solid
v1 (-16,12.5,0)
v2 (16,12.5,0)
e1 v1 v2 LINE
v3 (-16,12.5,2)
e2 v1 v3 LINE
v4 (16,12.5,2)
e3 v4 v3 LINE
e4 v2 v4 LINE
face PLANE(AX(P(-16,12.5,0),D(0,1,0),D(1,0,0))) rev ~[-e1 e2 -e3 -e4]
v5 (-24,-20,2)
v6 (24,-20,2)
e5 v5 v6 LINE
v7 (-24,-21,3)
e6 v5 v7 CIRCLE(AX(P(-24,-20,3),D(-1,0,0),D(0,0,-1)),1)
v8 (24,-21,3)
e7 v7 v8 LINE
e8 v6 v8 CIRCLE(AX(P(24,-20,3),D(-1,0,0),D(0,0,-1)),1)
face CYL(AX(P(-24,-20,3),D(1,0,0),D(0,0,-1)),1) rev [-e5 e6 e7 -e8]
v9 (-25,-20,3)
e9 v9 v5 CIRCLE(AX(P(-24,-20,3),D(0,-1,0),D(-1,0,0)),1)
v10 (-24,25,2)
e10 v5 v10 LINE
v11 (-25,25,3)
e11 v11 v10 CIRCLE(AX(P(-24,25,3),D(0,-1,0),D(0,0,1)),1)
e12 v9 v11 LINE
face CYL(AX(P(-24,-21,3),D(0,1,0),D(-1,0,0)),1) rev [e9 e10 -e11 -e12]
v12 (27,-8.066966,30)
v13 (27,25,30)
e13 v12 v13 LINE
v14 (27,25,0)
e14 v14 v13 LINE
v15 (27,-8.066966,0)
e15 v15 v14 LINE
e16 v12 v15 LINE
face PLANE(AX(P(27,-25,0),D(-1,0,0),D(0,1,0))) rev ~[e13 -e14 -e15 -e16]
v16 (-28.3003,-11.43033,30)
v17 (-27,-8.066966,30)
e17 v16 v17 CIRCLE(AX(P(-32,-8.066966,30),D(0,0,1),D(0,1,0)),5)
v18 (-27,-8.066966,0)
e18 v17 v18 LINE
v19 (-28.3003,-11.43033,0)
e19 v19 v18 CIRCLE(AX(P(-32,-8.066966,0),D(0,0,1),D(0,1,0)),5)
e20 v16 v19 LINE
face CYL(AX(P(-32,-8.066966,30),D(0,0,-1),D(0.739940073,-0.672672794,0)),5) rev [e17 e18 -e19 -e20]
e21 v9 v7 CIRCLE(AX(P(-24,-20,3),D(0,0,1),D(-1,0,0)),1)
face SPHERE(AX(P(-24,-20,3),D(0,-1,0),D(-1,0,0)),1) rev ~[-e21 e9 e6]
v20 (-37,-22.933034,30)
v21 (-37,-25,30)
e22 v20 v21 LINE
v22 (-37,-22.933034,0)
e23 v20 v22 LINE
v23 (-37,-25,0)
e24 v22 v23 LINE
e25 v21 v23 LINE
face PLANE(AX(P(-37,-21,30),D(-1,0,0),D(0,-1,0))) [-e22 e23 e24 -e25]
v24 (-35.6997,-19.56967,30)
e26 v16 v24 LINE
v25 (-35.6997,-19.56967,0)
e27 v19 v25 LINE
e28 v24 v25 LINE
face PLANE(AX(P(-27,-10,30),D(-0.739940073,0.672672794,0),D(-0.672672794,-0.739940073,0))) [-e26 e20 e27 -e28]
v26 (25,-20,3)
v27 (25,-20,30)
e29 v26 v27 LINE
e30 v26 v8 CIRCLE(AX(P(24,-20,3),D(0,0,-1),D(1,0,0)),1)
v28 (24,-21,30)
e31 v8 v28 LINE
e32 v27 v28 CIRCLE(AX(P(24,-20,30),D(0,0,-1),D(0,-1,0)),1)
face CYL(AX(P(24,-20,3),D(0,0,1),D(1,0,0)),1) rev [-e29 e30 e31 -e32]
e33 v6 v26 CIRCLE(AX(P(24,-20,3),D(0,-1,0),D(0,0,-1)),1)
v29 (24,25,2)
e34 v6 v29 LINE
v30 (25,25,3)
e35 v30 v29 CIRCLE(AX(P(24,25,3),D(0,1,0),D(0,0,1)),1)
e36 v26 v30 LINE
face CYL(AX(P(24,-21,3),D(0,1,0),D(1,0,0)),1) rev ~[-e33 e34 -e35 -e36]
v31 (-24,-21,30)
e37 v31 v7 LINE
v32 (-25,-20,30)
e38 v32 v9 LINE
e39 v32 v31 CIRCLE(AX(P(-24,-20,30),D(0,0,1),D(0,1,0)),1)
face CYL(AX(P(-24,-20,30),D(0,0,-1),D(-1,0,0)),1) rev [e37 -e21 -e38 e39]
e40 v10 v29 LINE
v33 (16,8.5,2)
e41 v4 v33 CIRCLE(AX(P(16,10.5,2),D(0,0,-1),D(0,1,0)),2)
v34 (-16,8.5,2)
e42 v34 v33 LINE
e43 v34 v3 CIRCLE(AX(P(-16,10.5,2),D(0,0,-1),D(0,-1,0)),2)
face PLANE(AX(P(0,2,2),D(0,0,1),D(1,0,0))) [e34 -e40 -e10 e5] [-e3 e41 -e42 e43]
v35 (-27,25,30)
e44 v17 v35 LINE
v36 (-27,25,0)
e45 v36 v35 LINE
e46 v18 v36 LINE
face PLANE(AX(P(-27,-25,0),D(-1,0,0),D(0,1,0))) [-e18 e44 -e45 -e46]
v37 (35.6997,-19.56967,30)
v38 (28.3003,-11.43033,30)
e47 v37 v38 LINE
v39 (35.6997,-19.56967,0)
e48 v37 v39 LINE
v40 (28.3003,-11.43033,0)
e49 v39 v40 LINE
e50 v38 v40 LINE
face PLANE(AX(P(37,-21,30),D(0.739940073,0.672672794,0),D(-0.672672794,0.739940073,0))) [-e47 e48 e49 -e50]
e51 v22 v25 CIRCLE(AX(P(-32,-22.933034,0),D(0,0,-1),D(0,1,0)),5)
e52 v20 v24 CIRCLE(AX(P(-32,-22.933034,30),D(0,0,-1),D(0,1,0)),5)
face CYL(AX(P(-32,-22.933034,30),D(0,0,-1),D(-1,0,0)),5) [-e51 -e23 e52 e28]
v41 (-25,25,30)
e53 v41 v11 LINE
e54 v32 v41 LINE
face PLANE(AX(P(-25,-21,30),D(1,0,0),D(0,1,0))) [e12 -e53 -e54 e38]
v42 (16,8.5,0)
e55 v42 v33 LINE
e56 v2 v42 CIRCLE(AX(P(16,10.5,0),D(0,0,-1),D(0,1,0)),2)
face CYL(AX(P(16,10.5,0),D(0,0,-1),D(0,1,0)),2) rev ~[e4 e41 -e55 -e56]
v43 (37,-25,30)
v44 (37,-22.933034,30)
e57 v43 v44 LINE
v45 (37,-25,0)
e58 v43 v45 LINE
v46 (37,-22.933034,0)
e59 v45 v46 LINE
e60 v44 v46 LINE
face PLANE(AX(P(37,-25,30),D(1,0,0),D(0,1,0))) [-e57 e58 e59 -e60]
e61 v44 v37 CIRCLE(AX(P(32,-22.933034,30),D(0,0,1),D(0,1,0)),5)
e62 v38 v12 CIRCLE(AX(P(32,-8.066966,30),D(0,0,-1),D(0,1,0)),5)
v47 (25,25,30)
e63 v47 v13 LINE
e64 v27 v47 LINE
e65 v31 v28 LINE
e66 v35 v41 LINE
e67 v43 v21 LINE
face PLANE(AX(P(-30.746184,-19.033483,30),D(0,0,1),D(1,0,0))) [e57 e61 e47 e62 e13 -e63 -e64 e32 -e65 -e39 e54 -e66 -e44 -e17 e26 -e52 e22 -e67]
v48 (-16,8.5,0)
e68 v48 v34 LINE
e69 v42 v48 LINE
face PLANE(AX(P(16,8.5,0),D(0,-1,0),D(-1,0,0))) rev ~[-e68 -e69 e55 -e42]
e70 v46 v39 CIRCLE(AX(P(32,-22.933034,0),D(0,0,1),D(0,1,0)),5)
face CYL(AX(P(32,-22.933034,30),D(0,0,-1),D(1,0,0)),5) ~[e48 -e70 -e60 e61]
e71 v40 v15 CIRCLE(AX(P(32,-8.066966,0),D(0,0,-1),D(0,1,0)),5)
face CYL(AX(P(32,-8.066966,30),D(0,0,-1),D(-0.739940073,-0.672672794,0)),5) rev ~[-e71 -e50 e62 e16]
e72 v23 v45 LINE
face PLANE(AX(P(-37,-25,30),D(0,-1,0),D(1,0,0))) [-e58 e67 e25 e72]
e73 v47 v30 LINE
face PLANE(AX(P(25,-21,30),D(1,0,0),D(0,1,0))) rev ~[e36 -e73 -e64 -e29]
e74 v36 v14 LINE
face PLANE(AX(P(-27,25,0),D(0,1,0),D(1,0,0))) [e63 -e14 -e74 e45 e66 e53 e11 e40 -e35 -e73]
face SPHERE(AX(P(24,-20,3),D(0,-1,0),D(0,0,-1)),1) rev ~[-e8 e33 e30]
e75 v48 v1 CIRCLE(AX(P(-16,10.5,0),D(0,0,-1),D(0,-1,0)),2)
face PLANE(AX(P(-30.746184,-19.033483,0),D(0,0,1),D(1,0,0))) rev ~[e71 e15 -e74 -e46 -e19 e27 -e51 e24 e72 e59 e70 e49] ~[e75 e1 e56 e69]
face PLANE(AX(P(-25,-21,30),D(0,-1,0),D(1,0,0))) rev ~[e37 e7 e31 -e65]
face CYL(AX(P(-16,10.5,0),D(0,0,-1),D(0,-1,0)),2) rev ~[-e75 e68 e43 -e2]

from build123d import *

# Parameters (mm, degrees)
F0_W     = 54
F0_H     = 50
F1_DEPTH = 30
F2_W     = 50
F2_H     = 46
F3_DEPTH = 28
F5_DEPTH = 30
F7_DEPTH = 30.001
F8_R     = 5
F9_R     = 1
F10_R    = 1


with BuildPart() as f1:
    # F0 (on Top) → F1 (new body)
    with BuildSketch(Plane.XY):
        Rectangle(F0_W, F0_H)
    extrude(amount=F1_DEPTH)

    # F2 (on face) → F3 (cut)
    with BuildSketch(Plane.XY.offset(30)):
        with Locations((0, 2)):
            Rectangle(F2_W, F2_H)
    extrude(amount=-F3_DEPTH, mode=Mode.SUBTRACT)

    # F4 (on face) → F5 (join, through all)
    with BuildSketch(Plane.XY.offset(30)):
        Polygon((-37, -25), (-27, -25), (-27, -10), (-37, -21), align=None)
        Polygon((27, -25), (37, -25), (37, -21), (27, -10), align=None)
    extrude(amount=-F5_DEPTH)

    # F6 (on face) → F7 (cut, through all)
    with BuildSketch(Plane(origin=(0, 0, 0), x_dir=(1, 0, 0), z_dir=(0, 0, -1))):
        with BuildLine():
            ThreePointArc((-16, -8.5), (-18, -10.5), (-16, -12.5))
            Line((-16, -12.5), (16, -12.5))
            ThreePointArc((16, -12.5), (18, -10.5), (16, -8.5))
            Line((16, -8.5), (-16, -8.5))
        make_face()
    extrude(amount=-F7_DEPTH, mode=Mode.SUBTRACT)

    # F8
    f8_edges = [f1.edges().sort_by_distance(p)[0] for p in [
        (-27, -10, 15),
        (-37, -21, 15),
        (27, -10, 15),
        (37, -21, 15),
    ]]
    fillet(f8_edges, radius=F8_R)

    # F9
    f9_edges = [f1.edges().sort_by_distance(p)[0] for p in [
        (-25, 2, 2),
        (25, 2, 2),
    ]]
    fillet(f9_edges, radius=F9_R)

    # F10
    f10_edges = [f1.edges().sort_by_distance(p)[0] for p in [
        (-25, -21, 16.5),
    ]]
    fillet(f10_edges, radius=F10_R)


solid = f1.part
